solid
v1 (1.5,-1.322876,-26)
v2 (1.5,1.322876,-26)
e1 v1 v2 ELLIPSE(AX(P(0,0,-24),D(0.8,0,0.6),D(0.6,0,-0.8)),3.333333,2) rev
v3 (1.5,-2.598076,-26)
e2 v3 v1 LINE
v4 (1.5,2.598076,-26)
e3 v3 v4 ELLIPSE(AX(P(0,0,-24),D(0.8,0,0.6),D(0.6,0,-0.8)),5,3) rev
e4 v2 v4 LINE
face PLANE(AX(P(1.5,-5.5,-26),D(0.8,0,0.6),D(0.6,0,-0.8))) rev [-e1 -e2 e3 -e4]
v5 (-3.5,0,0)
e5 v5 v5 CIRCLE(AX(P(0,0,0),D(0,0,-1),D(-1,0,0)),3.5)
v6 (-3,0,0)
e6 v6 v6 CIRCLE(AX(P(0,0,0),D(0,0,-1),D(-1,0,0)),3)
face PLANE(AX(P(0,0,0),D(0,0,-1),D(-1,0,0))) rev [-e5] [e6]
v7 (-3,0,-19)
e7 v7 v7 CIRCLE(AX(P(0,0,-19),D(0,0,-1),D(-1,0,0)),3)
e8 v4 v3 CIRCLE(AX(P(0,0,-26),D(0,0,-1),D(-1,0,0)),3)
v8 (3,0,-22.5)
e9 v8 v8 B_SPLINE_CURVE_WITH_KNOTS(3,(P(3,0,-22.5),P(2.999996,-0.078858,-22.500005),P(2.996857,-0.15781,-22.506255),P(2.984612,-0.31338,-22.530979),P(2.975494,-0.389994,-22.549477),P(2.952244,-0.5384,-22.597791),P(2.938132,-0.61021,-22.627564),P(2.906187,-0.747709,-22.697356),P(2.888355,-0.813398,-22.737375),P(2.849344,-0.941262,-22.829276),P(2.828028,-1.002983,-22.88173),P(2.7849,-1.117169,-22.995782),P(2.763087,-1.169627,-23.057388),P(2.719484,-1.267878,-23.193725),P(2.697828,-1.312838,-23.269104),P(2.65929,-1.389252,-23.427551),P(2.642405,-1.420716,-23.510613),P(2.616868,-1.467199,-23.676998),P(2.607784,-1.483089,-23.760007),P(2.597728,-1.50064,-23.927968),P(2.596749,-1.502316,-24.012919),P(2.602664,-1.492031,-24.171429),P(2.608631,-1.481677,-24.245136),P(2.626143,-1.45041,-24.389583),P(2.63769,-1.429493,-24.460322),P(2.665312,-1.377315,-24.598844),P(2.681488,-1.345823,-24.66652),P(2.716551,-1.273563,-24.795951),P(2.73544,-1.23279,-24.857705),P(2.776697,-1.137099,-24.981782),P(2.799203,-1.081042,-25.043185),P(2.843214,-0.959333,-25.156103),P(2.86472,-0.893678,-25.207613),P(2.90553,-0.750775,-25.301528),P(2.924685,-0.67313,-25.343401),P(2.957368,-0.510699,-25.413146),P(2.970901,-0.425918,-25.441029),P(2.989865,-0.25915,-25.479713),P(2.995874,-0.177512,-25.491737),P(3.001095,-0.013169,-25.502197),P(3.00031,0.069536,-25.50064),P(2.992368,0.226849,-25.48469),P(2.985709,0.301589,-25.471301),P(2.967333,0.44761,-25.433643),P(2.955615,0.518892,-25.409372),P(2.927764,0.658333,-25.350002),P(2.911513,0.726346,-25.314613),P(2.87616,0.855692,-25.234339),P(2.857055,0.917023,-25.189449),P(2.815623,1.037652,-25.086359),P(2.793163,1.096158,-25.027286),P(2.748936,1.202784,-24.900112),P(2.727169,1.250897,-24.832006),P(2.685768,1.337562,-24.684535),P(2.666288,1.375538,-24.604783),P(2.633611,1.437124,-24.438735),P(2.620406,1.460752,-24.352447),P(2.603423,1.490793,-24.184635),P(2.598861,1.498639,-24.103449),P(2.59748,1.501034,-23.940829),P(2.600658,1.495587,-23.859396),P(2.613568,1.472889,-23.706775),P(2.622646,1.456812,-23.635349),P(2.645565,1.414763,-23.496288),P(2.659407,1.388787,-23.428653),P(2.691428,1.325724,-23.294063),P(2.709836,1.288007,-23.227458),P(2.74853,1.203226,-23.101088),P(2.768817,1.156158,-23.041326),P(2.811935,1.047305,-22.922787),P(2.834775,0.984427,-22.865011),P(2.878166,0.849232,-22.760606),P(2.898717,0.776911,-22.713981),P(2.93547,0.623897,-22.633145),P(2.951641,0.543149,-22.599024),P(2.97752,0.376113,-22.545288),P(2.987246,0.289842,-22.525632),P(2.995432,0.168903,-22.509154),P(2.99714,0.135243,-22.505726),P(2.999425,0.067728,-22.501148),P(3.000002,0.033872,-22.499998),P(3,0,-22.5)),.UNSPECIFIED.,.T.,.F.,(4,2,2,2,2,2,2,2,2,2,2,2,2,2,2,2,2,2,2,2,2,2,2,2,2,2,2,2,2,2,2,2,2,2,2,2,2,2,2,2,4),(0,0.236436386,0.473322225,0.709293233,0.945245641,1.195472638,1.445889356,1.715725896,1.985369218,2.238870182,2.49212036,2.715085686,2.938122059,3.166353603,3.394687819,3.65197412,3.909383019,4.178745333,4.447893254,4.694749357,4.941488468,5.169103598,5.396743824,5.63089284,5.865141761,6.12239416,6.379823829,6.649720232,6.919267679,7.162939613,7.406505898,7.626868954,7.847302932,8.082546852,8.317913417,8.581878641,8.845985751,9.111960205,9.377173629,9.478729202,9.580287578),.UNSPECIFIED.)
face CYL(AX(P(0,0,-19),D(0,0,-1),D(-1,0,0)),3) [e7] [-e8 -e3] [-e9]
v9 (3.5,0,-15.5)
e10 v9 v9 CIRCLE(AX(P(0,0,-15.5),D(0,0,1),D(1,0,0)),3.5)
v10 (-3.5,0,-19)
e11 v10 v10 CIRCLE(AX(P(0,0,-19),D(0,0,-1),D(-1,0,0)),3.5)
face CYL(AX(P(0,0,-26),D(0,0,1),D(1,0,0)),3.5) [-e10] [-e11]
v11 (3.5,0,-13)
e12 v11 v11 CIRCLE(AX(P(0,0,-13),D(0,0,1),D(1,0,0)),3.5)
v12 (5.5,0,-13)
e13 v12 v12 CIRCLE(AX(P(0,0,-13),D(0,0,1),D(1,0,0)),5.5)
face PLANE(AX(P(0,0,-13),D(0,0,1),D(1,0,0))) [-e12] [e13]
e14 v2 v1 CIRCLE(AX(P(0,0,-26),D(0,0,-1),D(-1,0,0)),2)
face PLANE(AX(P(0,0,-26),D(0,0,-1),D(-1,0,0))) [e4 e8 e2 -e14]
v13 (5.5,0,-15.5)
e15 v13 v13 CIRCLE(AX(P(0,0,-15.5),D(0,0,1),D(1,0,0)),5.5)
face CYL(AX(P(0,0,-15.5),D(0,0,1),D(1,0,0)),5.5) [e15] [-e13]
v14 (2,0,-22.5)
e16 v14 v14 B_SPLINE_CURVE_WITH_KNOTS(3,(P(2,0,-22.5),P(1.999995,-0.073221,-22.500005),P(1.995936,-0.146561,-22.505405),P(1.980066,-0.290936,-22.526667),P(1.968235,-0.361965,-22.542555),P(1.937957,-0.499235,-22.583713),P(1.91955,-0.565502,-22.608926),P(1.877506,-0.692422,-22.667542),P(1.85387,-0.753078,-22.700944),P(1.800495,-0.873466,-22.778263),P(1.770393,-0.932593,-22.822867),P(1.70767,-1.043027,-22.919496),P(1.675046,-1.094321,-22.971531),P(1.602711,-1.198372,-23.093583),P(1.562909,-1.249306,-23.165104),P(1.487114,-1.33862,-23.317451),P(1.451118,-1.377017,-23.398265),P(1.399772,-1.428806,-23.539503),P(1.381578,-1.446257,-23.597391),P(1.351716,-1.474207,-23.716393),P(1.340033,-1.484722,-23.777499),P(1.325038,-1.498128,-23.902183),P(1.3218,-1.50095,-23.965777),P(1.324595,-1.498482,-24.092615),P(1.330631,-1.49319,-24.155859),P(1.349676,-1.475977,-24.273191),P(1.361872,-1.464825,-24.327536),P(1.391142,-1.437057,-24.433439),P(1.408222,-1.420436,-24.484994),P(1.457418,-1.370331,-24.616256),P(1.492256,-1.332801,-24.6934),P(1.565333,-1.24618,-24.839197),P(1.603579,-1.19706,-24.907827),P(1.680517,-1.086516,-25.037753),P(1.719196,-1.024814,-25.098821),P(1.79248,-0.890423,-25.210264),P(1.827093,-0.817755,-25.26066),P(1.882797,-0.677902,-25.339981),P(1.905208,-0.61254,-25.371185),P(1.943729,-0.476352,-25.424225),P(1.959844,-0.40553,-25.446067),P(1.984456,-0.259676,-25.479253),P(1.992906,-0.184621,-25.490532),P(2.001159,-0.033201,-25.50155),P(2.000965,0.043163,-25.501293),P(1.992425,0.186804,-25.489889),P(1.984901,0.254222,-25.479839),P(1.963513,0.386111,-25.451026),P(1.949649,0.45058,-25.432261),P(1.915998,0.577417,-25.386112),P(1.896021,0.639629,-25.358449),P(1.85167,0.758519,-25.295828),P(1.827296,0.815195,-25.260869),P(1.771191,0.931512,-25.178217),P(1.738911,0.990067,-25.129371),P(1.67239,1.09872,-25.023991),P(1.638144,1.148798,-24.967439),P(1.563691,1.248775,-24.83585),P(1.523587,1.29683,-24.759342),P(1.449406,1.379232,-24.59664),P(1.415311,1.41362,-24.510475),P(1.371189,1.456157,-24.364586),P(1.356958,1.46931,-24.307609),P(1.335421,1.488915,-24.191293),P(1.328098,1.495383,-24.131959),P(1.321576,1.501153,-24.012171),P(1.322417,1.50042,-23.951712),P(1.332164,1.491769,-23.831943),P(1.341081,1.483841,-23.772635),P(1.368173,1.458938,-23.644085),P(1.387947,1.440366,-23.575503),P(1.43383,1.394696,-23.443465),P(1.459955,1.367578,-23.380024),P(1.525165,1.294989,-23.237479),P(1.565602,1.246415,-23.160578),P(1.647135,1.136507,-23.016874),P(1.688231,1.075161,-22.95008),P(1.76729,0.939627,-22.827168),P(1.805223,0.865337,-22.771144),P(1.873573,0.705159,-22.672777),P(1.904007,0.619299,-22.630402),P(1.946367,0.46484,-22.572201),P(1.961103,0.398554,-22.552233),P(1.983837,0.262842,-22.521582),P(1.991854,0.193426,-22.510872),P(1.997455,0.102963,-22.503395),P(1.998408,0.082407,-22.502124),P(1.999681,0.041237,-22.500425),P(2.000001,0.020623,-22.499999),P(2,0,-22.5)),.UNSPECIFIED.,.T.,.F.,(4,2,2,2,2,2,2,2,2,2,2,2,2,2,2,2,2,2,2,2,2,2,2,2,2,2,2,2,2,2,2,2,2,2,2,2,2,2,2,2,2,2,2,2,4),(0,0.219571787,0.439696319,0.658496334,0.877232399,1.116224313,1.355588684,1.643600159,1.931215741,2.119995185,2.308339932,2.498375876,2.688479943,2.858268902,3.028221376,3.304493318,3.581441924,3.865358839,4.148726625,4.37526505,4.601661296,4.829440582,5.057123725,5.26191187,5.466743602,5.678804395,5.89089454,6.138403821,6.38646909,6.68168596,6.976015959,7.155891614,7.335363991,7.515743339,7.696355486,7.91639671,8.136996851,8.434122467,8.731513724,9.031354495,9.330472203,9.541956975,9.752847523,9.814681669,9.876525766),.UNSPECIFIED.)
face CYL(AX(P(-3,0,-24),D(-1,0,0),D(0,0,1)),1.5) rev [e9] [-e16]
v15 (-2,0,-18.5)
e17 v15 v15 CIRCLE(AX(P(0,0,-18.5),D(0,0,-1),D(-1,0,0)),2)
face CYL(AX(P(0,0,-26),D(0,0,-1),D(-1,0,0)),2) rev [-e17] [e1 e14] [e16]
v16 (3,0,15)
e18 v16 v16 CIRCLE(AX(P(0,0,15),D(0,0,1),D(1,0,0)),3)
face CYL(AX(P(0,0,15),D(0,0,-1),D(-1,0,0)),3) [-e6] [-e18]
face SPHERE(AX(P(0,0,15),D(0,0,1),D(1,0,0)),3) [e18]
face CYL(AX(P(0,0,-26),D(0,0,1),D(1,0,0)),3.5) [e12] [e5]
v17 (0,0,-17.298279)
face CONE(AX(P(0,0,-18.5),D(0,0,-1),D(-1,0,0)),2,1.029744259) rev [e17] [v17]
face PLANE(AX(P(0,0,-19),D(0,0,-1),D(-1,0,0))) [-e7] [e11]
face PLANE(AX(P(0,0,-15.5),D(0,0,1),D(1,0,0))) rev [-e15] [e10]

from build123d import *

# Parameters (mm, degrees)
SKETCH_1_R                = 3
EXTRUDE_1_DEPTH           = 15
DOME_1_FACE_RADIUS        = 3
DOME_1_HEIGHT             = 3
SKETCH_4_R                = 3.5
EXTRUDE_2_DEPTH           = 26
SKETCH_5_R                = 3.5
SKETCH_5_R_2              = 3
CUT_EXTRUDE_3_DEPTH       = 7
EXTRUDE_START             = -13
SKETCH_6_R                = 5.5
EXTRUDE_3_DEPTH           = 2.5
HOLE_WIZARD_4_0_4_1_D     = 4
HOLE_WIZARD_4_0_4_1_DEPTH = 7.5
HOLE_WIZARD_4_0_4_1_TIP   = 1.201721238
HOLE_WIZARD_3_0_3_1_D     = 3
HOLE_WIZARD_3_0_3_1_DEPTH = 9
HOLE_WIZARD_3_0_3_1_TIP   = 0.901290929
CUT_EXTRUDE_4_DEPTH       = 6.5
CUT_EXTRUDE_4_DEPTH_BACK  = 6.5


with BuildPart() as part:
    # Sketch 1 → Extrude 1 (new body)
    with BuildSketch(Plane.XY):
        Circle(SKETCH_1_R)
    extrude(amount=EXTRUDE_1_DEPTH)

    # Dome 1: a dome of height H over a round flat face of radius A is a cap of a sphere of radius (A * A + H * H) / (2 * H)
    dome_1_r = (DOME_1_FACE_RADIUS * DOME_1_FACE_RADIUS + DOME_1_HEIGHT * DOME_1_HEIGHT) / (2 * DOME_1_HEIGHT)
    dome_1_base = Plane((0, 0, 15), z_dir=(0, 0, 1))
    with Locations(dome_1_base.offset(DOME_1_HEIGHT - dome_1_r)):
        dome_1_ball = Sphere(dome_1_r, mode=Mode.PRIVATE)
    add(split(dome_1_ball, bisect_by=dome_1_base, keep=Keep.TOP, mode=Mode.PRIVATE))

    # Sketch 4 → Extrude 2 (add)
    with BuildSketch(Plane(origin=(0, 0, 0), x_dir=(-1, 0, 0), z_dir=(0, 0, -1))):
        Circle(SKETCH_4_R)
    extrude(amount=EXTRUDE_2_DEPTH)

    # Sketch 5 → Cut-Extrude 3 (cut)
    with BuildSketch(Plane(origin=(0, 0, -26), x_dir=(-1, 0, 0), z_dir=(0, 0, -1))):
        Circle(SKETCH_5_R)
        Circle(SKETCH_5_R_2, mode=Mode.SUBTRACT)
    extrude(amount=-CUT_EXTRUDE_3_DEPTH, mode=Mode.SUBTRACT)

    # Sketch 6 → Extrude 3 (add)
    with BuildSketch(Plane.XY.offset(EXTRUDE_START)):
        Circle(SKETCH_6_R)
    extrude(amount=-EXTRUDE_3_DEPTH)

    # Hole Wizard 4.0 _4_1
    with Locations(Plane(origin=(0, 0, -26), x_dir=(-1, 0, 0), z_dir=(0, 0, -1))):
        with Locations((0, 0)):
            Hole(HOLE_WIZARD_4_0_4_1_D / 2, depth=HOLE_WIZARD_4_0_4_1_DEPTH)
            with Locations((0, 0, -(HOLE_WIZARD_4_0_4_1_DEPTH + HOLE_WIZARD_4_0_4_1_TIP / 2))):  # 118° drill point
                Cone(0, HOLE_WIZARD_4_0_4_1_D / 2, HOLE_WIZARD_4_0_4_1_TIP, mode=Mode.SUBTRACT)

    # Hole Wizard 3.0 _3_1
    with Locations(Plane(origin=(-3, 0, -24), x_dir=(0, 0, -1), z_dir=(-1, 0, 0))):
        with Locations((0, 0)):
            Hole(HOLE_WIZARD_3_0_3_1_D / 2, depth=HOLE_WIZARD_3_0_3_1_DEPTH)
            with Locations((0, 0, -(HOLE_WIZARD_3_0_3_1_DEPTH + HOLE_WIZARD_3_0_3_1_TIP / 2))):  # 118° drill point
                Cone(0, HOLE_WIZARD_3_0_3_1_D / 2, HOLE_WIZARD_3_0_3_1_TIP, mode=Mode.SUBTRACT)

    # Sketch 12 → Cut-Extrude 4 (cut, two sides)
    with BuildSketch(Plane(origin=(0, 0, 0), x_dir=(1, 0, 0), z_dir=(0, 1, 0))) as cut_extrude_4_sk:
        Polygon((1.5, 26), (-3, 20), (-3, 26), align=None)
    extrude(amount=CUT_EXTRUDE_4_DEPTH, mode=Mode.SUBTRACT)
    extrude(cut_extrude_4_sk.sketch, amount=-CUT_EXTRUDE_4_DEPTH_BACK, mode=Mode.SUBTRACT)


solid = part.part
